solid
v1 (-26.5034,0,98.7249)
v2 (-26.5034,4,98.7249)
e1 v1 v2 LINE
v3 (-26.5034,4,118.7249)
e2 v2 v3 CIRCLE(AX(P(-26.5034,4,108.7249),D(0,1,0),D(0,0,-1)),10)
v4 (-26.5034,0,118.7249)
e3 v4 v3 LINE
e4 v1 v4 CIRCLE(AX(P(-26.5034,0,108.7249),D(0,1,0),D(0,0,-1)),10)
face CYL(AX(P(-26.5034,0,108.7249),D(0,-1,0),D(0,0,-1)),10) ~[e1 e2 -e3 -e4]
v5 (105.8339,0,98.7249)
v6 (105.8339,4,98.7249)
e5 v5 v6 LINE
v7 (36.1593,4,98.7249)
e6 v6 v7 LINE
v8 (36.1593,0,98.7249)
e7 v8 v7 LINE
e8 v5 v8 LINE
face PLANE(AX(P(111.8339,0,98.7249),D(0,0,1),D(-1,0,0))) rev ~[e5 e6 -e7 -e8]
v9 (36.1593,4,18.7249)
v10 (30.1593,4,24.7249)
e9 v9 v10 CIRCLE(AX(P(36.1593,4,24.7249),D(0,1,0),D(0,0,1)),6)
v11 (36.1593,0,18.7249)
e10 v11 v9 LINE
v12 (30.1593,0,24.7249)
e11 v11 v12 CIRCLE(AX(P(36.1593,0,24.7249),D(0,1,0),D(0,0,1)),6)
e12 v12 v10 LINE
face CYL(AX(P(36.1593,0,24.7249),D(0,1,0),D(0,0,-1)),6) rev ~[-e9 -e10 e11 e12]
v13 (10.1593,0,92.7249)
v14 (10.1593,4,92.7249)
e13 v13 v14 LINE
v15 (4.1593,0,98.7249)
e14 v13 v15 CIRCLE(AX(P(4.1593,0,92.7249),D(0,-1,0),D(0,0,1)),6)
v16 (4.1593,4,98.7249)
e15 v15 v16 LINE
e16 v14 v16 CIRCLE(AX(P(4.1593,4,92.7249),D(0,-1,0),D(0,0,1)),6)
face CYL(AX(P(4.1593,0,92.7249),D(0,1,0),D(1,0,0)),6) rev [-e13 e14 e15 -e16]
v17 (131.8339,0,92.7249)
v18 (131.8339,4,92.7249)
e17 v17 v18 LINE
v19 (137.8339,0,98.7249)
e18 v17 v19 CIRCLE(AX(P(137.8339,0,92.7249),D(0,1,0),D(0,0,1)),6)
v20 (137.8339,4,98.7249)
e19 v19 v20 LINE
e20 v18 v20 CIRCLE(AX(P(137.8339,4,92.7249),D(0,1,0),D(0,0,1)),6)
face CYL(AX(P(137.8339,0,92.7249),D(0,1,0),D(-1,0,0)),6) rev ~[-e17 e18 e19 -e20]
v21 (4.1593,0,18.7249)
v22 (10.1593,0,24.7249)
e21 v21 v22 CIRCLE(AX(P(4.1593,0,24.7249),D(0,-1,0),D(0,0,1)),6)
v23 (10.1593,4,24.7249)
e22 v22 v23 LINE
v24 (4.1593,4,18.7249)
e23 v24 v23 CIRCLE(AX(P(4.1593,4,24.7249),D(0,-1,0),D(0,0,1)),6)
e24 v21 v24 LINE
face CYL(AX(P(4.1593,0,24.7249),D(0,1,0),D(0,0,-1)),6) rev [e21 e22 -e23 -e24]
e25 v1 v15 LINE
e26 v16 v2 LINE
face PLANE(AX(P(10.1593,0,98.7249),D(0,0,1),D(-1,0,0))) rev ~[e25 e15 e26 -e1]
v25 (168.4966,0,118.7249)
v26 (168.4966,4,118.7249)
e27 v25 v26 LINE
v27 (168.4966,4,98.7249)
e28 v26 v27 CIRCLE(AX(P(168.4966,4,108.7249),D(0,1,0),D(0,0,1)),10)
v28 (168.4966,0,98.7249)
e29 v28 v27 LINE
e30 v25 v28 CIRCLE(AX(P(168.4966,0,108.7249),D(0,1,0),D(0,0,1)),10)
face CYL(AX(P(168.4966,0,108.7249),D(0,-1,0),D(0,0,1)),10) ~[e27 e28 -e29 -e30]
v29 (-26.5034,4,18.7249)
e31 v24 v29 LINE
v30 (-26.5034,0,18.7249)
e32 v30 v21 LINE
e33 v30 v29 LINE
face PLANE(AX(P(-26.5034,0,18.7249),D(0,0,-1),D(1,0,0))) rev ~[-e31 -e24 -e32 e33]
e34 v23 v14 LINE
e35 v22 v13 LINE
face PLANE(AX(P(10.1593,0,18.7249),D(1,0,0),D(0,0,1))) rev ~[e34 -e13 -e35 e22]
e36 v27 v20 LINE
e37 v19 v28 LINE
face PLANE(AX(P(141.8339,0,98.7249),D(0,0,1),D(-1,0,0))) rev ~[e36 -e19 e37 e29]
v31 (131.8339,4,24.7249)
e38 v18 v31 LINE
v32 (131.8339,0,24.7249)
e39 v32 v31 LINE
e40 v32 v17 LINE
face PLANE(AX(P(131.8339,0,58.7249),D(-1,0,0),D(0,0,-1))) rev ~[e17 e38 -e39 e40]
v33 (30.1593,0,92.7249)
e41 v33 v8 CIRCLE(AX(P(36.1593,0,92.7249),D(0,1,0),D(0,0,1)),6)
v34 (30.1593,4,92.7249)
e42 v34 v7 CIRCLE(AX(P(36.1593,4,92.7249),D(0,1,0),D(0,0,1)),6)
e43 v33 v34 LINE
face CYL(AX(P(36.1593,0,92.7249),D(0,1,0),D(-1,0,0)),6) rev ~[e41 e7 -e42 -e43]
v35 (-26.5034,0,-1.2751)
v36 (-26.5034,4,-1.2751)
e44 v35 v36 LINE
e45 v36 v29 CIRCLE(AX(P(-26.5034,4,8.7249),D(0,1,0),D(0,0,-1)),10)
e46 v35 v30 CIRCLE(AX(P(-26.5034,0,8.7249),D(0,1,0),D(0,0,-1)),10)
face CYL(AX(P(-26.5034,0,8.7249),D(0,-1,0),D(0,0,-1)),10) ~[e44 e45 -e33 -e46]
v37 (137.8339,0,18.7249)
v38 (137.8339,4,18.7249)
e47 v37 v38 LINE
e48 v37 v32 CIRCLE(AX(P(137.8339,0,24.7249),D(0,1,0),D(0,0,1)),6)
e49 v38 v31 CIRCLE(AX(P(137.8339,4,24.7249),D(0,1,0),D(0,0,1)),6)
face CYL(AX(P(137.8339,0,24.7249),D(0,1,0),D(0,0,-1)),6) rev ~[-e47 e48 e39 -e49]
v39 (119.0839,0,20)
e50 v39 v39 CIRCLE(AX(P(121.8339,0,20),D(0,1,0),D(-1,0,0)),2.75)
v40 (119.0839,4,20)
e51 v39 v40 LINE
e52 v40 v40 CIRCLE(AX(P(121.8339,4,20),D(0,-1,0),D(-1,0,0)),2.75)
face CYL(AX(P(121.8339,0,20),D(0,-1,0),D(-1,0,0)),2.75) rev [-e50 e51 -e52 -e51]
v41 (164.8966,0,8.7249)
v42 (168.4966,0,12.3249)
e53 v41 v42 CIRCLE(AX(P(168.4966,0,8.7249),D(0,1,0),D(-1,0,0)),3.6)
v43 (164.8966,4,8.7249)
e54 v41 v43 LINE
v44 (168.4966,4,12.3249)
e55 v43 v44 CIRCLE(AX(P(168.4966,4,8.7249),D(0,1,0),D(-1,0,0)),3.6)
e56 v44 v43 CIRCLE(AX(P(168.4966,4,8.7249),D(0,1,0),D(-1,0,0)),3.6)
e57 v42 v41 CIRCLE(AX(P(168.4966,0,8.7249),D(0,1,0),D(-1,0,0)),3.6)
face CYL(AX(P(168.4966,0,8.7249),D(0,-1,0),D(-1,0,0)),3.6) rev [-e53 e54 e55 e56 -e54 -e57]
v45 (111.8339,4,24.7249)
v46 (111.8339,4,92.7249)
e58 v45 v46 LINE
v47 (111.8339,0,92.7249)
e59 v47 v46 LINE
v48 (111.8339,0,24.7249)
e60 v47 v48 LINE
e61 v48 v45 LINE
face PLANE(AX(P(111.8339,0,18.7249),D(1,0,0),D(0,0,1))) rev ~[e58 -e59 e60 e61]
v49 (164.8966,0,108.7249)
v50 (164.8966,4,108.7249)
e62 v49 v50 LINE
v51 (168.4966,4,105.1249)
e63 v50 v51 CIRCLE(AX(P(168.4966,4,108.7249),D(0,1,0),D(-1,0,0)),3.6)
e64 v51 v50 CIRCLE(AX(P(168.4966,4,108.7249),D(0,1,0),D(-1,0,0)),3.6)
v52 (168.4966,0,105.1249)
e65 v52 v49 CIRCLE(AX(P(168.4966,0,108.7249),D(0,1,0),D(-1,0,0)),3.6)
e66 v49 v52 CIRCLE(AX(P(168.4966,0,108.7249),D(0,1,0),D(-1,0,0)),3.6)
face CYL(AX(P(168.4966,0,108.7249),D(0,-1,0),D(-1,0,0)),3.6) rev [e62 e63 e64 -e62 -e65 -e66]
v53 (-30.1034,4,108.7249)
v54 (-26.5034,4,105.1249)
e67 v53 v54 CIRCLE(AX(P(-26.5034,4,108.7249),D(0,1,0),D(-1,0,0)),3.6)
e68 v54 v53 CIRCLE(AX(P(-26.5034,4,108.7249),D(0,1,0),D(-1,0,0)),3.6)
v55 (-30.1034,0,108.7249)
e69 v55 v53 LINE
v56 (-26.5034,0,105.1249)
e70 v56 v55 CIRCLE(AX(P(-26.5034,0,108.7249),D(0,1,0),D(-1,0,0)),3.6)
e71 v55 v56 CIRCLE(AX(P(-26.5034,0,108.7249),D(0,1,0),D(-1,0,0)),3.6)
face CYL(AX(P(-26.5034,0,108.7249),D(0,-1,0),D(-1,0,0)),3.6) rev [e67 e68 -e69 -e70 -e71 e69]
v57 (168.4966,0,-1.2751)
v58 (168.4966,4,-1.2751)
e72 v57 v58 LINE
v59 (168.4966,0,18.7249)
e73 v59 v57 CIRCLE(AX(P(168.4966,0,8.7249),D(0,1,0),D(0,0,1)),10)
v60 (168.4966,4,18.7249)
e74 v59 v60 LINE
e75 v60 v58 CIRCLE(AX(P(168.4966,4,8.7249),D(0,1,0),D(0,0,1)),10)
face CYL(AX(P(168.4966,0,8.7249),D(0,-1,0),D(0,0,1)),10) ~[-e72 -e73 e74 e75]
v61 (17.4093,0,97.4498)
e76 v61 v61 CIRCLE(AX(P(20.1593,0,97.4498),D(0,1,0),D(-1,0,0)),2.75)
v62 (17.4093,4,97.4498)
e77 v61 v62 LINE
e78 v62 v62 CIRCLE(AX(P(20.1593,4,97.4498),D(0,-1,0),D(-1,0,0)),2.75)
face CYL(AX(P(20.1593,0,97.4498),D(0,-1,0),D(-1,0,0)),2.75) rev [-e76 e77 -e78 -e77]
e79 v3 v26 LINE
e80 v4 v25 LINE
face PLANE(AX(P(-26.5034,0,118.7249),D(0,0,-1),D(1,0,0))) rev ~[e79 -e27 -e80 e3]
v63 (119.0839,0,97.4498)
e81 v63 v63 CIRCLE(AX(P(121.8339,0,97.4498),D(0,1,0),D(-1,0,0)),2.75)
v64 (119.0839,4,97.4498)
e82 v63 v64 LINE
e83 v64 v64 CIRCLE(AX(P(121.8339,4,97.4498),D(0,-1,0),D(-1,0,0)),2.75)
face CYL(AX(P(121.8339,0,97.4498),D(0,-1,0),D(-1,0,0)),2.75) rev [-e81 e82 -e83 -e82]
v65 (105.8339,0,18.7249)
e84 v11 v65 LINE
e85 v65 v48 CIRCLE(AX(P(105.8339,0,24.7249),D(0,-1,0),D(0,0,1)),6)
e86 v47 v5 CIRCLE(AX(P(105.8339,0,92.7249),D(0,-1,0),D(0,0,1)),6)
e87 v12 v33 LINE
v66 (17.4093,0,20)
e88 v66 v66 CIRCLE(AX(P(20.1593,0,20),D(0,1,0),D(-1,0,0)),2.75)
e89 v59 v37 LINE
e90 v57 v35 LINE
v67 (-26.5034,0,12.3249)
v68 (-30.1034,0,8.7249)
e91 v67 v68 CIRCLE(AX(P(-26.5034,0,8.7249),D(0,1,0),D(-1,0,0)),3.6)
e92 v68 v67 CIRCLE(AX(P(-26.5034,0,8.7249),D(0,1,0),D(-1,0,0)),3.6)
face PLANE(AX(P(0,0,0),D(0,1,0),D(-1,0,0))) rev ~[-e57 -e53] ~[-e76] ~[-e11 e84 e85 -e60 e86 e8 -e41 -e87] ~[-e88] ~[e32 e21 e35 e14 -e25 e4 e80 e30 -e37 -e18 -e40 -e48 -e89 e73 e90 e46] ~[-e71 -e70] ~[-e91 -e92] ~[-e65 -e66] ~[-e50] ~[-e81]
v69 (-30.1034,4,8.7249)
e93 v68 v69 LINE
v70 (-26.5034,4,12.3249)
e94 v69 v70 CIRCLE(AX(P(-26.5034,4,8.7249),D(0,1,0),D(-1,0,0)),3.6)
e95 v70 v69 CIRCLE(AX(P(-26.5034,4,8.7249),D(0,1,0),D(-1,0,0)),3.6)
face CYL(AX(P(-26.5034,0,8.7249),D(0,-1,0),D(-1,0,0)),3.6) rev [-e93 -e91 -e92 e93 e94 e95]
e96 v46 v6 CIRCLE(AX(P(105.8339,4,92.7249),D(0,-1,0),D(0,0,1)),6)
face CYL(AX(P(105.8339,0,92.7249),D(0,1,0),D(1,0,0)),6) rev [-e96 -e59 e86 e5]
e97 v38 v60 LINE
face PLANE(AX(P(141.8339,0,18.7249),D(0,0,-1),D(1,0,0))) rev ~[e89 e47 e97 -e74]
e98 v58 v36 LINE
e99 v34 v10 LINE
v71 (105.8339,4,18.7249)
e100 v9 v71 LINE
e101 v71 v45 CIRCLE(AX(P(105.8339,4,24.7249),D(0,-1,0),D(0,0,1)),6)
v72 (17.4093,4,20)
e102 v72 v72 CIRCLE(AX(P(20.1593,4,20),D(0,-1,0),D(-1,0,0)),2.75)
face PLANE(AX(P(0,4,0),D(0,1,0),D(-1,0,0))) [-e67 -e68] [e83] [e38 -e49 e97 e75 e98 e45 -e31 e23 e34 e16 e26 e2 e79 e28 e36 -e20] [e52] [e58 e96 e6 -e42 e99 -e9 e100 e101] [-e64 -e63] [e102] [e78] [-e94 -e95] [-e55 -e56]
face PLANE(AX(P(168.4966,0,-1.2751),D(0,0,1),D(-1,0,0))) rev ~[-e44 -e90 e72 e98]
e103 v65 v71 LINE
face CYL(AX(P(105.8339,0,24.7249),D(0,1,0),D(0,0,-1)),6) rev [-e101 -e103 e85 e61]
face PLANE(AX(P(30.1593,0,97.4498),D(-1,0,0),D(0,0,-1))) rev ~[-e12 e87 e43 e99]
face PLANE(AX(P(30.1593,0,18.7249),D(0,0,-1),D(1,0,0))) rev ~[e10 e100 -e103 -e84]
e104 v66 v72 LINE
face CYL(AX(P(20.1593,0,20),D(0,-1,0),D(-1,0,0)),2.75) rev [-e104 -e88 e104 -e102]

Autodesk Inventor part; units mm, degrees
ref_plane "YZ Plane" through (0, 0, 0) normal (1, 0, 0) x (0, 1, 0)
ref_plane "XZ Plane" through (0, 0, 0) normal (0, 1, 0) x (-1, 0, 0)
ref_plane "XY Plane" through (0, 0, 0) normal (0, 0, 1) x (1, 0, 0)
sketch "Sketch1" plane through (0, 0, 0) normal (0, 1, 0) x (-1, 0, 0)
  line L0 (-7, 37.9777) -> (-7, 79.4722)
  spline S0 degree 3 poles (-7, 79.4722) (-7, 80.2679) (-6.8804, 81.313) (-5.8043, 84.1015) (-4.8936, 85.3942) (-3.1709, 87.6073) (-2.4028, 88.4658) (-2.0131, 89.2627) (-1.9647, 89.4035) (-1.9309, 89.6007) (-1.9254, 89.6626) (-1.9254, 89.7249) knots 0 0 0 0 0.238712 0.238712 0.524177 0.524177 0.81278 0.81278 0.88277 0.88277 0.915008 0.915008 0.915008 0.915008
  line L1 (0, 89.7249) -> (-1.9254, 89.7249)
  line L2 (0, 111.4478) -> (0, 89.7249)
  arc A0 (-6.2149, 117.4498) -> (0, 111.4478) centre (-2.5273, 115.0495) ccw
  line L3 (-135.9053, 117.4498) -> (-6.2149, 117.4498)
  arc A1 (-141.8339, 111.5213) -> (-135.9053, 117.4498) centre (-139.8146, 115.4305) ccw
  line L4 (-141.8339, 89.7249) -> (-141.8339, 111.5213)
  line L5 (-139.9085, 89.7249) -> (-141.8339, 89.7249)
  spline S1 degree 3 poles (-134.8339, 79.4722) (-134.8339, 80.1182) (-134.9165, 80.7597) (-135.2383, 82.0916) (-135.4922, 82.7684) (-136.3337, 84.5039) (-137.0038, 85.4638) (-138.2583, 87.0963) (-138.8405, 87.7821) (-139.5233, 88.7046) (-139.7055, 88.9932) (-139.8538, 89.363) (-139.888, 89.4816) (-139.9062, 89.645) (-139.9085, 89.685) (-139.9085, 89.7249) knots -1.843204 -1.843204 -1.843204 -1.843204 -1.717345 -1.717345 -1.576636 -1.576636 -1.342905 -1.342905 -1.132569 -1.132569 -0.995579 -0.995579 -0.934295 -0.934295 -0.914246 -0.914246 -0.914246 -0.914246
  line L6 (-134.8339, 79.4722) -> (-134.8339, 37.9777)
  spline S2 degree 3 poles (-134.8339, 37.9777) (-134.8339, 37.182) (-134.9535, 36.1368) (-136.0296, 33.3484) (-136.9403, 32.0557) (-138.663, 29.8425) (-139.4311, 28.984) (-139.8208, 28.1872) (-139.8692, 28.0464) (-139.903, 27.8492) (-139.9085, 27.7873) (-139.9085, 27.7249) knots 0 0 0 0 0.238712 0.238712 0.524177 0.524177 0.81278 0.81278 0.88277 0.88277 0.915008 0.915008 0.915008 0.915008
  line L7 (-141.8339, 27.7249) -> (-139.9085, 27.7249)
  line L8 (-141.8339, 5.9286) -> (-141.8339, 27.7249)
  arc A2 (-135.9053, 0) -> (-141.8339, 5.9286) centre (-139.8146, 2.0193) ccw
  line L9 (-6.0879, 0) -> (-135.9053, 0)
  arc A3 (0, 6.0879) -> (-6.0879, 0) centre (-2.4003, 2.4003) ccw
  line L10 (0, 27.7249) -> (0, 6.0879)
  line L11 (-1.9254, 27.7249) -> (0, 27.7249)
  spline S3 degree 3 poles (-7, 37.9777) (-7, 37.3317) (-6.9174, 36.6902) (-6.5955, 35.3583) (-6.3417, 34.6814) (-5.5001, 32.9459) (-4.8301, 31.986) (-3.5755, 30.3535) (-2.9934, 29.6677) (-2.3106, 28.7453) (-2.1284, 28.4567) (-1.9801, 28.0868) (-1.9459, 27.9682) (-1.9277, 27.8049) (-1.9254, 27.7649) (-1.9254, 27.7249) knots -1.843204 -1.843204 -1.843204 -1.843204 -1.717345 -1.717345 -1.576636 -1.576636 -1.342905 -1.342905 -1.132569 -1.132569 -0.995579 -0.995579 -0.934295 -0.934295 -0.914246 -0.914246 -0.914246 -0.914246
  circle A4 centre (-121.8339, 20) radius 2.75
  line L12 (-121.8339, 24.7343) -> (-117.7339, 22.3671)
  line L13 (-117.7339, 22.3671) -> (-117.7339, 17.6329)
  line L14 (-117.7339, 17.6329) -> (-121.8339, 15.2657)
  line L15 (-121.8339, 15.2657) -> (-125.9339, 17.6329)
  line L16 (-125.9339, 17.6329) -> (-125.9339, 22.3671)
  line L17 (-125.9339, 22.3671) -> (-121.8339, 24.7343)
  line L18 (-134.8339, 39.0386) -> (-134.8339, 78.4112)
  line L19 (-134.8339, 58.7249) -> (-125.9339, 58.7249)
  line L20 (-70.9966, 0) -> (-70.9966, 6.0879)
  line L21 (-117.7339, 95.0827) -> (-117.7339, 99.817)
  line L22 (-117.7339, 99.817) -> (-121.8339, 102.1841)
  line L23 (-125.9339, 95.0827) -> (-121.8339, 92.7156)
  line L24 (-125.9339, 99.817) -> (-125.9339, 95.0827)
  circle A5 centre (-121.8339, 97.4498) radius 2.75
  line L25 (-121.8339, 102.1841) -> (-125.9339, 99.817)
  line L26 (-121.8339, 92.7156) -> (-117.7339, 95.0827)
  line L27 (-24.2593, 22.3671) -> (-24.2593, 17.6329)
  line L28 (-20.1593, 24.7343) -> (-24.2593, 22.3671)
  line L29 (-24.2593, 17.6329) -> (-20.1593, 15.2657)
  circle A6 centre (-20.1593, 20) radius 2.75
  line L30 (-16.0593, 17.6329) -> (-16.0593, 22.3671)
  line L31 (-20.1593, 15.2657) -> (-16.0593, 17.6329)
  line L32 (-16.0593, 22.3671) -> (-20.1593, 24.7343)
  line L33 (-20.1593, 92.7156) -> (-24.2593, 95.0827)
  line L34 (-24.2593, 95.0827) -> (-24.2593, 99.817)
  line L35 (-16.0593, 99.817) -> (-16.0593, 95.0827)
  circle A7 centre (-20.1593, 97.4498) radius 2.75
  line L36 (-24.2593, 99.817) -> (-20.1593, 102.1841)
  line L37 (-20.1593, 102.1841) -> (-16.0593, 99.817)
  line L38 (-16.0593, 95.0827) -> (-20.1593, 92.7156)
  circle A8 centre (-121.8339, 20) radius 7.5
  circle A9 centre (-121.8339, 97.4498) radius 7.5
  circle A10 centre (-20.1593, 20) radius 7.5
  circle A11 centre (-20.1593, 97.4498) radius 7.5
  line L39 (26.5034, 108.7249) -> (-168.4966, 108.7249) construction
  line L40 (26.5034, 118.7249) -> (-168.4966, 118.7249)
  line L41 (-168.4966, 98.7249) -> (26.5034, 98.7249)
  arc A12 (26.5034, 98.7249) -> (26.5034, 118.7249) centre (26.5034, 108.7249) ccw
  arc A13 (-168.4966, 118.7249) -> (-168.4966, 98.7249) centre (-168.4966, 108.7249) ccw
  circle A14 centre (26.5034, 108.7249) radius 3.6
  circle A15 centre (-168.4966, 108.7249) radius 3.6
  line L42 (-121.8339, 97.4498) -> (-20.1593, 97.4498)
  line L43 (-20.1593, 97.4498) -> (-20.1593, 20)
  line L44 (26.5034, 8.7249) -> (26.5034, 108.7249)
  line L45 (-168.4966, 108.7249) -> (-168.4966, 8.7249)
  line L46 (26.5034, 8.7249) -> (-168.4966, 8.7249) construction
  line L47 (26.5034, 18.7249) -> (-168.4966, 18.7249)
  line L48 (-168.4966, -1.2751) -> (26.5034, -1.2751)
  arc A16 (26.5034, -1.2751) -> (26.5034, 18.7249) centre (26.5034, 8.7249) ccw
  arc A17 (-168.4966, 18.7249) -> (-168.4966, -1.2751) centre (-168.4966, 8.7249) ccw
  circle A18 centre (26.5034, 8.7249) radius 3.6
  circle A19 centre (-168.4966, 8.7249) radius 3.6
  line L49 (-20.1593, 20) -> (-20.1593, 97.4498) construction
  line L50 (-10.1593, 18.7249) -> (-10.1593, 98.7249)
  line L51 (-30.1593, 98.7249) -> (-30.1593, 18.7249)
  line L52 (-121.8339, 20) -> (-121.8339, 97.4498) construction
  line L53 (-111.8339, 18.7249) -> (-111.8339, 98.7249)
  line L54 (-131.8339, 98.7249) -> (-131.8339, 18.7249)
  point P0 (0, 0)
  point P1 (0, 0)
  point P2 (-16.0593, 58.7249)
  point P3 (-70.9966, 108.7249)
  point P4 (-70.9966, 97.4498)
  point P5 (26.5034, 58.7249)
  point P6 (-20.1593, 58.7249)
  point P7 (-70.9966, 8.7249)
  point P8 (-20.1593, 58.7249)
  point P9 (-121.8339, 58.7249)
  dimension "d0" = 5.5
  dimension "d1" = 8.2
  dimension "d2" = 20
  dimension "d3" = 20
  dimension "d4" = 15
  dimension "d5" = 195
  dimension "d6" = 20
  dimension "d7" = 7.2
  dimension "d8" = 7.2
  dimension "d9" = 100
  dimension "d10" = 20
  dimension "d11" = 7.2
  dimension "d12" = 7.2
extrude "Extrusion1" add sketch "Sketch1" along normal blind 4 contours L47 A16 L48 A17 L8 A2 L9 A3 L10 | L10 A3 L9 A2 L8 L47 A8 A10 | L41 A11 A9 L4 A1 L3 A0 L2 | L2 A0 L3 A1 L4 L41 A13 L40 A12 | L47 A10 L43 A11 L41 L50 | L47 L30 L32 L43 A10 | A10 L47 L27 L29 L31 L30 | L41 L35 L37 L36 L34 A11 | A11 L43 L38 L35 L41 | L47 L51 L42 A11 L43 A10 | A10 L43 L28 L27 L47 | L47 A6 L43 L32 L30 | L30 L31 L29 L27 L47 A6 | L41 L34 L42 A11 | A11 L42 L51 L41 | L41 A7 L34 L36 L37 L35 | L35 L38 L43 A7 L41 | L27 L28 L43 A6 L47 | A11 L42 L34 L33 L43 | L41 A7 L42 L34 | L47 A8 L54 L41 A9 L42 L53 | L33 L34 L42 A7 L43 | L53 L42 A9 L41 | L47 L13 L12 L17 L16 A8 | A8 L47 L16 L15 L14 L13 | L41 L21 L22 L25 L24 A9 | A9 L42 L21 L41 | L47 A4 L16 L17 L12 L13 | L13 L14 L15 L16 L47 A4 | A9 L41 L24 L23 L26 L21 L42 | L41 A5 L24 L25 L22 L21 | L21 L42 A5 L41 | L21 L26 L23 L24 L41 A5 L42
fillet "Fillet1" radius 6 8 edges at (30.1593, 2, 98.7249) (10.1593, 2, 98.7249) (10.1593, 2, 18.7249) (30.1593, 2, 18.7249) (111.8339, 2, 18.7249) (131.8339, 2, 18.7249) (111.8339, 2, 98.7249) (131.8339, 2, 98.7249)
properties part number "Mount Base"
